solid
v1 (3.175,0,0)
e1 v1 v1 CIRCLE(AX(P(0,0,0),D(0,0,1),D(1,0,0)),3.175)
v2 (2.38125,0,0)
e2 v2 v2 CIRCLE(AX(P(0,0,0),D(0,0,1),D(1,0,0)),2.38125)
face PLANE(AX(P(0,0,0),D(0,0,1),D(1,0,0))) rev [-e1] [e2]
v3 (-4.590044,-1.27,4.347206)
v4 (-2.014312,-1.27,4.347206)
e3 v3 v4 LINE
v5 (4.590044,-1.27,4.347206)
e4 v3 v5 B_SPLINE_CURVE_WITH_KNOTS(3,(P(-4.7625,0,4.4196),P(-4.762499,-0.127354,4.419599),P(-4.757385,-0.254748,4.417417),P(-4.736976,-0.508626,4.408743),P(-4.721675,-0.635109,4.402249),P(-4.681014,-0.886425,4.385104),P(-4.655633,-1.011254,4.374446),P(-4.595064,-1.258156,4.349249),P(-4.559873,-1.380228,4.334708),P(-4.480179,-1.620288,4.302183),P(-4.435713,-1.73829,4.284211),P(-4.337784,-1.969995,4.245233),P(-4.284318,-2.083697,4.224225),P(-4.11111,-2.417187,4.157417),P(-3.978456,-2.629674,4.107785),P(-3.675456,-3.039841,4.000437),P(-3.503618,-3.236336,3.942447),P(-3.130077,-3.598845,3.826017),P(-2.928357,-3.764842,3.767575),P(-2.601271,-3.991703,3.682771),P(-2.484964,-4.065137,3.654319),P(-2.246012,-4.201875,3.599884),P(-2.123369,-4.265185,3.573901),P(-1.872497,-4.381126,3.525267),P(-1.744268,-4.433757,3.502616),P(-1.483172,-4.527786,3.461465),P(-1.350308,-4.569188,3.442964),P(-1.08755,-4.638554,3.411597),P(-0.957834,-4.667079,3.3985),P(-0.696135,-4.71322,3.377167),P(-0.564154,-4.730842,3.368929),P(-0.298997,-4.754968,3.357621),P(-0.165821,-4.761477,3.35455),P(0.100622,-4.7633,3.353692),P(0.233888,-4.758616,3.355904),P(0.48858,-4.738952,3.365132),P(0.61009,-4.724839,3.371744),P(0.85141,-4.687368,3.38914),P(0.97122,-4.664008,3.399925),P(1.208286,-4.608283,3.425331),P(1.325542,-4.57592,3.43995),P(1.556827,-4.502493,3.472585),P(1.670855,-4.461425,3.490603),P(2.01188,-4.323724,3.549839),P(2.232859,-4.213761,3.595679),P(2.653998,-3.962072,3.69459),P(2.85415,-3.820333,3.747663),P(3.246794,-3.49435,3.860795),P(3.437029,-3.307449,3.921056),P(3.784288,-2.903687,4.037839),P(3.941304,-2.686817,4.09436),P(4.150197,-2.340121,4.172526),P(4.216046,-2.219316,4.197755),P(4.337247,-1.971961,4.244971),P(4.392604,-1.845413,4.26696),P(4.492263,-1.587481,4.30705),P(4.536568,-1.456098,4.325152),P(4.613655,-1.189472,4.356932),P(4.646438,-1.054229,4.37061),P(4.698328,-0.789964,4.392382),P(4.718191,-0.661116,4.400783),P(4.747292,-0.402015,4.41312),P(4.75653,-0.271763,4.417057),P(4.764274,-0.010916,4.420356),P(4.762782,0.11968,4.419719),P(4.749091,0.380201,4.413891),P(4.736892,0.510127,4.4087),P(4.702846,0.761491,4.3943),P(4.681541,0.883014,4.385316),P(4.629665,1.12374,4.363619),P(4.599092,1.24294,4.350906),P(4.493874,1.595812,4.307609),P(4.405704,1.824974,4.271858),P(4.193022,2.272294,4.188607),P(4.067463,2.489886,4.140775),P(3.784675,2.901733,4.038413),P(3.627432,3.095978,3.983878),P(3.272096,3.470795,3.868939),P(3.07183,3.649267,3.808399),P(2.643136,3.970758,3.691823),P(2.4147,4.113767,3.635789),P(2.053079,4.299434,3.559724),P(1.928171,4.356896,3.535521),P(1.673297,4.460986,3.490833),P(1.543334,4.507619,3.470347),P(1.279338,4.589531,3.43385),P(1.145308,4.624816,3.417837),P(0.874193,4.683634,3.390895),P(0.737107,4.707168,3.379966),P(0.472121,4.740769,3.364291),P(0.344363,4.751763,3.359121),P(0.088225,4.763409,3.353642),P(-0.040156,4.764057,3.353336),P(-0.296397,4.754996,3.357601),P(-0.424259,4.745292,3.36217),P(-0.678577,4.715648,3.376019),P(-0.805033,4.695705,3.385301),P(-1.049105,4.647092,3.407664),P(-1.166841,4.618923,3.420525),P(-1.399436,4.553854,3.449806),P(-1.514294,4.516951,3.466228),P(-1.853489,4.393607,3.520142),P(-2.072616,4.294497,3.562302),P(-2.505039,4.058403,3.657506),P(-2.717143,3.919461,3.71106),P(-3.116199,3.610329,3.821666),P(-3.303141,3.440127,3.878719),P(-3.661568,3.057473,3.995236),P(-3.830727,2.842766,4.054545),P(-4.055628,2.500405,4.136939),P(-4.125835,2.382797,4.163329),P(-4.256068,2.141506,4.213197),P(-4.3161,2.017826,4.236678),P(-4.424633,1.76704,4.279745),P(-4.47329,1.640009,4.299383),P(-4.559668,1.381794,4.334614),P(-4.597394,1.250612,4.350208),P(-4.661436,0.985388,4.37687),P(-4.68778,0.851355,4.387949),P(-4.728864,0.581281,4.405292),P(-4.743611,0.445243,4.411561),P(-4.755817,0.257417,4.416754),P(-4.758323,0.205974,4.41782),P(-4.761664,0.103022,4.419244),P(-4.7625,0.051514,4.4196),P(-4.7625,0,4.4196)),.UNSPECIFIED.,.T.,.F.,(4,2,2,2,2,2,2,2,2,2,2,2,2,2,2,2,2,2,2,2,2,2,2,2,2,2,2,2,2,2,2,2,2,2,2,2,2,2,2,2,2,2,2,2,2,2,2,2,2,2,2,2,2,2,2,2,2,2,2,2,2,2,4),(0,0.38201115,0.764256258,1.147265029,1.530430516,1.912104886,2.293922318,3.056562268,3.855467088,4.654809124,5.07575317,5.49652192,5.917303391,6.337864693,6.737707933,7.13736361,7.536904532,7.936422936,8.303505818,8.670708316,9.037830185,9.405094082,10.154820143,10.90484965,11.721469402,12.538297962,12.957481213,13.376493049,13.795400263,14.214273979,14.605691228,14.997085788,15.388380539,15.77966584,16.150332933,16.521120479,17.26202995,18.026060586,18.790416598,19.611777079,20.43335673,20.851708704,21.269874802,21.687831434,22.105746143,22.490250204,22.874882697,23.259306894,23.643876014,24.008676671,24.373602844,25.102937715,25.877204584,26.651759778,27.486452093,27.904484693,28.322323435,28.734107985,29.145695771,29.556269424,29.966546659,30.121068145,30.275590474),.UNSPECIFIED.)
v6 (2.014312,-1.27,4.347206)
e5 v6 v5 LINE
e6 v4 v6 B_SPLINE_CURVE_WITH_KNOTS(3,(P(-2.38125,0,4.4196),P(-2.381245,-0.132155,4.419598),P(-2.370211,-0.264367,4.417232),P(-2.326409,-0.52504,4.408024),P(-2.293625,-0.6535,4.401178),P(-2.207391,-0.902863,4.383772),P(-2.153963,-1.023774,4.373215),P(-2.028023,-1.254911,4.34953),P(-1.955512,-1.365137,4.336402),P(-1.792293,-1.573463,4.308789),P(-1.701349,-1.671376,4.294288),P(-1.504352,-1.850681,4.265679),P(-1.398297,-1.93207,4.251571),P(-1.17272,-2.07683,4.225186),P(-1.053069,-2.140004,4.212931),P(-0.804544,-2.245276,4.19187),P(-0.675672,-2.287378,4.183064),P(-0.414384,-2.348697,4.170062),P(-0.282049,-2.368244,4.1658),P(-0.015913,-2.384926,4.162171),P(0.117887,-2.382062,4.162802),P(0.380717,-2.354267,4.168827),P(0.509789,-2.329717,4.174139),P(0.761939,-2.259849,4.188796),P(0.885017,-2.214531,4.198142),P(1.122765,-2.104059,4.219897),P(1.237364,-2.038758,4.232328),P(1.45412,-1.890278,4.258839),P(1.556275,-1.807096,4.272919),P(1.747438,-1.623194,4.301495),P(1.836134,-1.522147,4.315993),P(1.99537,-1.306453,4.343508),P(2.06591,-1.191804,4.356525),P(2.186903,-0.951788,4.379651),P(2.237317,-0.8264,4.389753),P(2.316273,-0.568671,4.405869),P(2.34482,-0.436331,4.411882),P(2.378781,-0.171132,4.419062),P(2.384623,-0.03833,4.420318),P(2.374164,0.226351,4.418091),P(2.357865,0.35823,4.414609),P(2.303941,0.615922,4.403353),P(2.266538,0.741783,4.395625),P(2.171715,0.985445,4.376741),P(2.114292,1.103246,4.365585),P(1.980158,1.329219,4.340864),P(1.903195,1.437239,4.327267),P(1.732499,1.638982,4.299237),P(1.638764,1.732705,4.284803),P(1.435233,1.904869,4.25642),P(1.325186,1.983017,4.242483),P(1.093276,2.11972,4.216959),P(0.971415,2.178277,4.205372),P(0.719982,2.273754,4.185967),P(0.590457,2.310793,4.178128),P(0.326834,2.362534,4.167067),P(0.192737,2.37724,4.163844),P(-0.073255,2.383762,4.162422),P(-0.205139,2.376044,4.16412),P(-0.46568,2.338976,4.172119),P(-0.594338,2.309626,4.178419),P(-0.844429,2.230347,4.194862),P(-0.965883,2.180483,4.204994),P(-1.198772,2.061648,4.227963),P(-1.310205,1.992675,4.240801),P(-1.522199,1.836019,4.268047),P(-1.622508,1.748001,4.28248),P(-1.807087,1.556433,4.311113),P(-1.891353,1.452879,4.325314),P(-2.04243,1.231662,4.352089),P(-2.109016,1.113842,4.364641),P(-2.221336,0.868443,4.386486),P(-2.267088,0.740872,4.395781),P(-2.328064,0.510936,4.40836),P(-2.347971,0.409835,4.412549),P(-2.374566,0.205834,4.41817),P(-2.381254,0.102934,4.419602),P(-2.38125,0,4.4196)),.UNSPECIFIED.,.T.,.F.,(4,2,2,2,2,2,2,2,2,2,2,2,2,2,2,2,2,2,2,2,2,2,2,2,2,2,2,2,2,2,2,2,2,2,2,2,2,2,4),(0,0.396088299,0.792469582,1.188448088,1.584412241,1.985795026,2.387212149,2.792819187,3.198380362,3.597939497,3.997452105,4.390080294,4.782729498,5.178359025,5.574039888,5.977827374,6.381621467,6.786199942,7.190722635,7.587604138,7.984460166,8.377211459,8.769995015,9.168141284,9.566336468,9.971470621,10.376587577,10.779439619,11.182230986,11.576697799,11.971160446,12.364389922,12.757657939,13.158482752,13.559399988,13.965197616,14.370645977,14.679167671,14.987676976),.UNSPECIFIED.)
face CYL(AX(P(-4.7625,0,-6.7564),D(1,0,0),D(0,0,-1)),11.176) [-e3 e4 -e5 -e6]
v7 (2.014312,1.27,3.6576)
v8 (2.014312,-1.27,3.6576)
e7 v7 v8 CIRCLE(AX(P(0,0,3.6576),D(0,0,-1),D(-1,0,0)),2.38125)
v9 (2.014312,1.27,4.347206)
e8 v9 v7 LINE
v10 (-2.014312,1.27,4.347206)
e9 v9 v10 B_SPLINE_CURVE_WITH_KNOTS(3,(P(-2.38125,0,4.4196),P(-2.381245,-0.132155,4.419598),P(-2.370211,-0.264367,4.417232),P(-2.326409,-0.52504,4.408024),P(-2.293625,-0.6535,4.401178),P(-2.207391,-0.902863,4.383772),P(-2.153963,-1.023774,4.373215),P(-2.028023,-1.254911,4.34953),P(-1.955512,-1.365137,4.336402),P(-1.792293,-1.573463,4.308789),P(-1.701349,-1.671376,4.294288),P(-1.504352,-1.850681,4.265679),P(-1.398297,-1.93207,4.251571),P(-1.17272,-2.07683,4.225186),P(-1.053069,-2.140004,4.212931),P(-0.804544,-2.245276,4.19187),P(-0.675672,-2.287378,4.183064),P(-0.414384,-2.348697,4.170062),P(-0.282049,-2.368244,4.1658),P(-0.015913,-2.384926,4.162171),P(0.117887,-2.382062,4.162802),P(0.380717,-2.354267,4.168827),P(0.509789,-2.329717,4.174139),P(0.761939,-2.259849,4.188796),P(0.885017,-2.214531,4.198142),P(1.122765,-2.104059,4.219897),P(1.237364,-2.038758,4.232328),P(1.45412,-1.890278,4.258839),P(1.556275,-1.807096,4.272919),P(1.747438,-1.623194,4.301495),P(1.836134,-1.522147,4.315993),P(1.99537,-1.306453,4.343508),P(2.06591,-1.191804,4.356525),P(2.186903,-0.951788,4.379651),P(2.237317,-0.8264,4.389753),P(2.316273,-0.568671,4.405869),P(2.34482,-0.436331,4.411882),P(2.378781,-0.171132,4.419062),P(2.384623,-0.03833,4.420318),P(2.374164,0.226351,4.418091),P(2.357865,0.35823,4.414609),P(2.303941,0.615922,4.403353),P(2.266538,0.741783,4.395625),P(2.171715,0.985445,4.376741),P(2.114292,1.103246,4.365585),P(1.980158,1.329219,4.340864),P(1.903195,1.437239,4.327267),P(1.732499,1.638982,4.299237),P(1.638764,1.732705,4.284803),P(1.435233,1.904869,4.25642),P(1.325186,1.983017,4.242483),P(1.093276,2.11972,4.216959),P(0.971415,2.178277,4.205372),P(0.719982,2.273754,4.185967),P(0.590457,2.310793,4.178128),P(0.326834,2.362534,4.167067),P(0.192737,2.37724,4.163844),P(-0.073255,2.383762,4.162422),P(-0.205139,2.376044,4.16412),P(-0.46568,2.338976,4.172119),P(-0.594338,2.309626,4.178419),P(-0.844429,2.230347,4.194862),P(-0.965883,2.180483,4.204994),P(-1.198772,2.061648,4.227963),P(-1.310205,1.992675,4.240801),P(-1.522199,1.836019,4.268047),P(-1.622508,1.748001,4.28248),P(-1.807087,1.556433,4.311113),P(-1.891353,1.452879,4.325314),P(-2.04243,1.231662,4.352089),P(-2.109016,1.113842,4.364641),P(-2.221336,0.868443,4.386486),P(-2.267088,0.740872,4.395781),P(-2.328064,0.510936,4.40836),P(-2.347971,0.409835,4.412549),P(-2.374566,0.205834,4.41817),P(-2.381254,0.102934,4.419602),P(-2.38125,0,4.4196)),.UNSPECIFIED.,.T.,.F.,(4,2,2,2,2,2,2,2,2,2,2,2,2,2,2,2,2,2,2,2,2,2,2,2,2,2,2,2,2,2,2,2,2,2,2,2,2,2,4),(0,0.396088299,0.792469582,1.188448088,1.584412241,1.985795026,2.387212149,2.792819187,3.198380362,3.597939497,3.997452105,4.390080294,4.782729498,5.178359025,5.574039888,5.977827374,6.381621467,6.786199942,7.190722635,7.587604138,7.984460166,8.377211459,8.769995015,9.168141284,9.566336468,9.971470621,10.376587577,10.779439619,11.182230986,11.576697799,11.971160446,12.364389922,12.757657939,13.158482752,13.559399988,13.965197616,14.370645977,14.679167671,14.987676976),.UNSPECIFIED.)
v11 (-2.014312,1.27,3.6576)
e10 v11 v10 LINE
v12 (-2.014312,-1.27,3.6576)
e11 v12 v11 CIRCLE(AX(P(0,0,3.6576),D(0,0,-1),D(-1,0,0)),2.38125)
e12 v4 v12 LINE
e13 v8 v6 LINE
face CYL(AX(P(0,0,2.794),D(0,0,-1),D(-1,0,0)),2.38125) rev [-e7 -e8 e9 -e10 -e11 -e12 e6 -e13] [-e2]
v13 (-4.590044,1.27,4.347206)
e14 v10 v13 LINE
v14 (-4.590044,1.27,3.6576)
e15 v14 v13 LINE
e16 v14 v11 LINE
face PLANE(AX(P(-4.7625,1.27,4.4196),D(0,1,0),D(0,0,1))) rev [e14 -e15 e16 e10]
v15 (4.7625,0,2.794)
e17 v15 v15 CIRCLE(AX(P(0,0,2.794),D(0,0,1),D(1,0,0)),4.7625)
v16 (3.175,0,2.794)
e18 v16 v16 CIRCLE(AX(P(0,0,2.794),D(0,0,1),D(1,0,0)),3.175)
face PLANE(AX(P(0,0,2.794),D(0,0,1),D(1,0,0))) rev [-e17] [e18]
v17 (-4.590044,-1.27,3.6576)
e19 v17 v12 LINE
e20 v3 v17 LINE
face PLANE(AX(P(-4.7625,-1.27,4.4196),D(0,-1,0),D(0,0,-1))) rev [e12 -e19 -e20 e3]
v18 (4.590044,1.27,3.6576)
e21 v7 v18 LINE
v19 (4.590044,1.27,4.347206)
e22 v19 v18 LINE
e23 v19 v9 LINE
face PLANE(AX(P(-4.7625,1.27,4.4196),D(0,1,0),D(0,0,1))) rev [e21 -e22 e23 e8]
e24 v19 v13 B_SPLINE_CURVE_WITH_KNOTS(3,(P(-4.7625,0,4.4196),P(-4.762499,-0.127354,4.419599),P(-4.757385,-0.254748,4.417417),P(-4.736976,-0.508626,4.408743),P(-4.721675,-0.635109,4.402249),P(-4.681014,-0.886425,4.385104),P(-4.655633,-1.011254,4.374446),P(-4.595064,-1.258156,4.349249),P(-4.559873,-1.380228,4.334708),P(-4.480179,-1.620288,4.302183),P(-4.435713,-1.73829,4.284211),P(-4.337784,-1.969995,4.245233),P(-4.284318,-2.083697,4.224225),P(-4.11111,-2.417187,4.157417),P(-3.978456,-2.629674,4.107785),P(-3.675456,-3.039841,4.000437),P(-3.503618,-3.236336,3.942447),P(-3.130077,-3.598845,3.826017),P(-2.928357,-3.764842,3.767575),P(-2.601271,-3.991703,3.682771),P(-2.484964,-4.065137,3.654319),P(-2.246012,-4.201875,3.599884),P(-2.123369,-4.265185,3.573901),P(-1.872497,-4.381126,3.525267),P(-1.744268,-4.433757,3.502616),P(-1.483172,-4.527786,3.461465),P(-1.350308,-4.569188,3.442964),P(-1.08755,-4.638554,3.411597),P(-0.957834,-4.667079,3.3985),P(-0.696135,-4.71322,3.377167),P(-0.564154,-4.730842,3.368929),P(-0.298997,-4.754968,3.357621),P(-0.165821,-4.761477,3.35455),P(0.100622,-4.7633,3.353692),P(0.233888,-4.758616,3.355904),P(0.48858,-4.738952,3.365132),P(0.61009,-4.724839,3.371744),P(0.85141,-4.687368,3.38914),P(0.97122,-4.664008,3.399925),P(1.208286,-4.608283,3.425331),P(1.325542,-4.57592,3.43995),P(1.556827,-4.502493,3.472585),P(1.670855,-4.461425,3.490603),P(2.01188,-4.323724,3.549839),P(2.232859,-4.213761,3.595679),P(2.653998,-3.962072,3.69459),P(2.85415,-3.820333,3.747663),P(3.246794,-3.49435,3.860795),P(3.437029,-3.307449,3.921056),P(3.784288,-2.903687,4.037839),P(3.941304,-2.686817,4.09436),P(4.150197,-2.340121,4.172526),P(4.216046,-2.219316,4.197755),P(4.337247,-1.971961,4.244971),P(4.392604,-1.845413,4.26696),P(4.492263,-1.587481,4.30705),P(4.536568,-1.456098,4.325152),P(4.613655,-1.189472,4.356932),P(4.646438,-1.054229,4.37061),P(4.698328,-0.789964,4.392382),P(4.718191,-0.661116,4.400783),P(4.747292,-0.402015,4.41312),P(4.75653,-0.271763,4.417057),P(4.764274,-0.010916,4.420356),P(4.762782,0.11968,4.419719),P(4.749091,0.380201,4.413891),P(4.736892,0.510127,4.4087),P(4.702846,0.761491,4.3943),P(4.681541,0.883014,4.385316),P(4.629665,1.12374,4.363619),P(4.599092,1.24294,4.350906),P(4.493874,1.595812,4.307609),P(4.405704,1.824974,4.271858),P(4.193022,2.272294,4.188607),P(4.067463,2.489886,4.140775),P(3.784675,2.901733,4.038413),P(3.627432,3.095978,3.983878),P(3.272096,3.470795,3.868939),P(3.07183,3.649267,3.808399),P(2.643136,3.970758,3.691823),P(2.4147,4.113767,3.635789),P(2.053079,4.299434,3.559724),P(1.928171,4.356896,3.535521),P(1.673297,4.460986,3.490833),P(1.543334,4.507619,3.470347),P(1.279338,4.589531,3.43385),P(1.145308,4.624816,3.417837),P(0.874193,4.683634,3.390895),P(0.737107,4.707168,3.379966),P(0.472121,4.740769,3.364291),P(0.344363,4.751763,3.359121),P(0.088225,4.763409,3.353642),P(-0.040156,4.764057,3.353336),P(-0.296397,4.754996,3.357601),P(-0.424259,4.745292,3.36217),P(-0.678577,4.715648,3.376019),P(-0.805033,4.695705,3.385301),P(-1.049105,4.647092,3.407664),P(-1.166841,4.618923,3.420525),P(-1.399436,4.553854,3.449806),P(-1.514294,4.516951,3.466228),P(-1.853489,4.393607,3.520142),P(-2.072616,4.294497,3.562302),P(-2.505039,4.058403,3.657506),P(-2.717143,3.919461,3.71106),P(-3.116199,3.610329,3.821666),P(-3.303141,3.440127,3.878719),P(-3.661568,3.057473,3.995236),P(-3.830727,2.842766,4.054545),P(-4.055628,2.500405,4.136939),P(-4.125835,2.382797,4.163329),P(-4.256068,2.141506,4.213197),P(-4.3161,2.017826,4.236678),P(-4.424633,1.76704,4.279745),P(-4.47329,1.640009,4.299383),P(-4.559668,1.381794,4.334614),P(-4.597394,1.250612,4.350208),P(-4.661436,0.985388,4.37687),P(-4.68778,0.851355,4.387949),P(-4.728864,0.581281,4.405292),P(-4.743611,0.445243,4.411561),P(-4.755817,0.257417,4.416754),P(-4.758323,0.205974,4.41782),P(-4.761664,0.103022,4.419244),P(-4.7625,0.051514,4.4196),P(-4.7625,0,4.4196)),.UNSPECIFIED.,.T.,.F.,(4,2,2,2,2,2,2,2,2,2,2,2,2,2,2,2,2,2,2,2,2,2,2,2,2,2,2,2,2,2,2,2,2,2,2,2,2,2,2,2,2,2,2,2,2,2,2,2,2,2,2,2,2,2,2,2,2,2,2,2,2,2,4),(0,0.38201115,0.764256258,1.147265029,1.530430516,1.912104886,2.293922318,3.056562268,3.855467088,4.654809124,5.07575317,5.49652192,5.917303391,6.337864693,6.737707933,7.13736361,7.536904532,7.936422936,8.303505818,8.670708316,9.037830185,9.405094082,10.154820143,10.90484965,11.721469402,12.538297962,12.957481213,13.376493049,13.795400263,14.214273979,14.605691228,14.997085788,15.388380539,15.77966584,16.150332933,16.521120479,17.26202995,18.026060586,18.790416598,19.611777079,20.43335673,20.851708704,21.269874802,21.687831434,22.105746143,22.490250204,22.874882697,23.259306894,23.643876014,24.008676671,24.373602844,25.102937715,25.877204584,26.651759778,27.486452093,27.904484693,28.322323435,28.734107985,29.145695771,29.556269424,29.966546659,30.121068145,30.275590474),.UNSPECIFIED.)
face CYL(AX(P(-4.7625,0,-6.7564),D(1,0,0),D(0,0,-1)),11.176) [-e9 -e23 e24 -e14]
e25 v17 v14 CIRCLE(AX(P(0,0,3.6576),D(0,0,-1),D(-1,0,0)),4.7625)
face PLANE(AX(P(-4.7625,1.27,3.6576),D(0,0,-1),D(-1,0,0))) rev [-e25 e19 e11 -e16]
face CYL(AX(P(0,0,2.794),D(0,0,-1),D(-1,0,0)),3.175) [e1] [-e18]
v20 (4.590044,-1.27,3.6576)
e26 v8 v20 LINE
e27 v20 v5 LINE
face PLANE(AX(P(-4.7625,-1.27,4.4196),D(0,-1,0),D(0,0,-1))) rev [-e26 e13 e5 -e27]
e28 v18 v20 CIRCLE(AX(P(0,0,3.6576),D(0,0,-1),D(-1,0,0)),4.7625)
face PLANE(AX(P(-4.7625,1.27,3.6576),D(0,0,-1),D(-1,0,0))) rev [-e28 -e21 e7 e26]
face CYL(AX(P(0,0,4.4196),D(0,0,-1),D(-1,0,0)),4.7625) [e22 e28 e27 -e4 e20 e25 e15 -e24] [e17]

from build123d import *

# Parameters (mm, degrees)
SKETCH1_R               = 3.175
SKETCH1_R_2             = 2.38125
BOSS_EXTRUDE1_DEPTH     = 2.794
SKETCH2_R               = 4.7625
SKETCH2_R_2             = 2.38125
BOSS_EXTRUDE2_DEPTH     = 1.6256
SKETCH3_R               = 22.361166229
SKETCH3_R_2             = 11.176
CUT_EXTRUDE1_DEPTH      = 5.7625
CUT_EXTRUDE1_DEPTH_BACK = 5.7625
SKETCH4_W               = 0.762
SKETCH4_H               = 2.54
CUT_EXTRUDE2_DEPTH      = 5.7625001
CUT_EXTRUDE2_DEPTH_BACK = 5.7625001


with BuildPart() as part:
    # Sketch1 → Boss-Extrude1 (new body)
    with BuildSketch(Plane.XY):
        Circle(SKETCH1_R)
        Circle(SKETCH1_R_2, mode=Mode.SUBTRACT)
    extrude(amount=BOSS_EXTRUDE1_DEPTH)

    # Sketch2 → Boss-Extrude2 (add)
    with BuildSketch(Plane.XY.offset(2.794)):
        Circle(SKETCH2_R)
        Circle(SKETCH2_R_2, mode=Mode.SUBTRACT)
    extrude(amount=BOSS_EXTRUDE2_DEPTH)

    # Sketch3 → Cut-Extrude1 (cut, two sides)
    with BuildSketch(Plane(origin=(0, 0, 0), x_dir=(0, 0, -1), z_dir=(1, 0, 0))) as cut_extrude1_sk:
        with Locations((6.7564, 0)):
            Circle(SKETCH3_R)
        with Locations((6.7564, 0)):
            Circle(SKETCH3_R_2, mode=Mode.SUBTRACT)
    extrude(amount=CUT_EXTRUDE1_DEPTH, mode=Mode.SUBTRACT)
    extrude(cut_extrude1_sk.sketch, amount=-CUT_EXTRUDE1_DEPTH_BACK, mode=Mode.SUBTRACT)

    # Sketch4 → Cut-Extrude2 (cut, two sides)
    with BuildSketch(Plane(origin=(0, 0, 0), x_dir=(0, 0, -1), z_dir=(1, 0, 0))) as cut_extrude2_sk:
        with Locations((-4.0386, 0)):
            Rectangle(SKETCH4_W, SKETCH4_H)
    extrude(amount=CUT_EXTRUDE2_DEPTH, mode=Mode.SUBTRACT)
    extrude(cut_extrude2_sk.sketch, amount=-CUT_EXTRUDE2_DEPTH_BACK, mode=Mode.SUBTRACT)


solid = part.part
